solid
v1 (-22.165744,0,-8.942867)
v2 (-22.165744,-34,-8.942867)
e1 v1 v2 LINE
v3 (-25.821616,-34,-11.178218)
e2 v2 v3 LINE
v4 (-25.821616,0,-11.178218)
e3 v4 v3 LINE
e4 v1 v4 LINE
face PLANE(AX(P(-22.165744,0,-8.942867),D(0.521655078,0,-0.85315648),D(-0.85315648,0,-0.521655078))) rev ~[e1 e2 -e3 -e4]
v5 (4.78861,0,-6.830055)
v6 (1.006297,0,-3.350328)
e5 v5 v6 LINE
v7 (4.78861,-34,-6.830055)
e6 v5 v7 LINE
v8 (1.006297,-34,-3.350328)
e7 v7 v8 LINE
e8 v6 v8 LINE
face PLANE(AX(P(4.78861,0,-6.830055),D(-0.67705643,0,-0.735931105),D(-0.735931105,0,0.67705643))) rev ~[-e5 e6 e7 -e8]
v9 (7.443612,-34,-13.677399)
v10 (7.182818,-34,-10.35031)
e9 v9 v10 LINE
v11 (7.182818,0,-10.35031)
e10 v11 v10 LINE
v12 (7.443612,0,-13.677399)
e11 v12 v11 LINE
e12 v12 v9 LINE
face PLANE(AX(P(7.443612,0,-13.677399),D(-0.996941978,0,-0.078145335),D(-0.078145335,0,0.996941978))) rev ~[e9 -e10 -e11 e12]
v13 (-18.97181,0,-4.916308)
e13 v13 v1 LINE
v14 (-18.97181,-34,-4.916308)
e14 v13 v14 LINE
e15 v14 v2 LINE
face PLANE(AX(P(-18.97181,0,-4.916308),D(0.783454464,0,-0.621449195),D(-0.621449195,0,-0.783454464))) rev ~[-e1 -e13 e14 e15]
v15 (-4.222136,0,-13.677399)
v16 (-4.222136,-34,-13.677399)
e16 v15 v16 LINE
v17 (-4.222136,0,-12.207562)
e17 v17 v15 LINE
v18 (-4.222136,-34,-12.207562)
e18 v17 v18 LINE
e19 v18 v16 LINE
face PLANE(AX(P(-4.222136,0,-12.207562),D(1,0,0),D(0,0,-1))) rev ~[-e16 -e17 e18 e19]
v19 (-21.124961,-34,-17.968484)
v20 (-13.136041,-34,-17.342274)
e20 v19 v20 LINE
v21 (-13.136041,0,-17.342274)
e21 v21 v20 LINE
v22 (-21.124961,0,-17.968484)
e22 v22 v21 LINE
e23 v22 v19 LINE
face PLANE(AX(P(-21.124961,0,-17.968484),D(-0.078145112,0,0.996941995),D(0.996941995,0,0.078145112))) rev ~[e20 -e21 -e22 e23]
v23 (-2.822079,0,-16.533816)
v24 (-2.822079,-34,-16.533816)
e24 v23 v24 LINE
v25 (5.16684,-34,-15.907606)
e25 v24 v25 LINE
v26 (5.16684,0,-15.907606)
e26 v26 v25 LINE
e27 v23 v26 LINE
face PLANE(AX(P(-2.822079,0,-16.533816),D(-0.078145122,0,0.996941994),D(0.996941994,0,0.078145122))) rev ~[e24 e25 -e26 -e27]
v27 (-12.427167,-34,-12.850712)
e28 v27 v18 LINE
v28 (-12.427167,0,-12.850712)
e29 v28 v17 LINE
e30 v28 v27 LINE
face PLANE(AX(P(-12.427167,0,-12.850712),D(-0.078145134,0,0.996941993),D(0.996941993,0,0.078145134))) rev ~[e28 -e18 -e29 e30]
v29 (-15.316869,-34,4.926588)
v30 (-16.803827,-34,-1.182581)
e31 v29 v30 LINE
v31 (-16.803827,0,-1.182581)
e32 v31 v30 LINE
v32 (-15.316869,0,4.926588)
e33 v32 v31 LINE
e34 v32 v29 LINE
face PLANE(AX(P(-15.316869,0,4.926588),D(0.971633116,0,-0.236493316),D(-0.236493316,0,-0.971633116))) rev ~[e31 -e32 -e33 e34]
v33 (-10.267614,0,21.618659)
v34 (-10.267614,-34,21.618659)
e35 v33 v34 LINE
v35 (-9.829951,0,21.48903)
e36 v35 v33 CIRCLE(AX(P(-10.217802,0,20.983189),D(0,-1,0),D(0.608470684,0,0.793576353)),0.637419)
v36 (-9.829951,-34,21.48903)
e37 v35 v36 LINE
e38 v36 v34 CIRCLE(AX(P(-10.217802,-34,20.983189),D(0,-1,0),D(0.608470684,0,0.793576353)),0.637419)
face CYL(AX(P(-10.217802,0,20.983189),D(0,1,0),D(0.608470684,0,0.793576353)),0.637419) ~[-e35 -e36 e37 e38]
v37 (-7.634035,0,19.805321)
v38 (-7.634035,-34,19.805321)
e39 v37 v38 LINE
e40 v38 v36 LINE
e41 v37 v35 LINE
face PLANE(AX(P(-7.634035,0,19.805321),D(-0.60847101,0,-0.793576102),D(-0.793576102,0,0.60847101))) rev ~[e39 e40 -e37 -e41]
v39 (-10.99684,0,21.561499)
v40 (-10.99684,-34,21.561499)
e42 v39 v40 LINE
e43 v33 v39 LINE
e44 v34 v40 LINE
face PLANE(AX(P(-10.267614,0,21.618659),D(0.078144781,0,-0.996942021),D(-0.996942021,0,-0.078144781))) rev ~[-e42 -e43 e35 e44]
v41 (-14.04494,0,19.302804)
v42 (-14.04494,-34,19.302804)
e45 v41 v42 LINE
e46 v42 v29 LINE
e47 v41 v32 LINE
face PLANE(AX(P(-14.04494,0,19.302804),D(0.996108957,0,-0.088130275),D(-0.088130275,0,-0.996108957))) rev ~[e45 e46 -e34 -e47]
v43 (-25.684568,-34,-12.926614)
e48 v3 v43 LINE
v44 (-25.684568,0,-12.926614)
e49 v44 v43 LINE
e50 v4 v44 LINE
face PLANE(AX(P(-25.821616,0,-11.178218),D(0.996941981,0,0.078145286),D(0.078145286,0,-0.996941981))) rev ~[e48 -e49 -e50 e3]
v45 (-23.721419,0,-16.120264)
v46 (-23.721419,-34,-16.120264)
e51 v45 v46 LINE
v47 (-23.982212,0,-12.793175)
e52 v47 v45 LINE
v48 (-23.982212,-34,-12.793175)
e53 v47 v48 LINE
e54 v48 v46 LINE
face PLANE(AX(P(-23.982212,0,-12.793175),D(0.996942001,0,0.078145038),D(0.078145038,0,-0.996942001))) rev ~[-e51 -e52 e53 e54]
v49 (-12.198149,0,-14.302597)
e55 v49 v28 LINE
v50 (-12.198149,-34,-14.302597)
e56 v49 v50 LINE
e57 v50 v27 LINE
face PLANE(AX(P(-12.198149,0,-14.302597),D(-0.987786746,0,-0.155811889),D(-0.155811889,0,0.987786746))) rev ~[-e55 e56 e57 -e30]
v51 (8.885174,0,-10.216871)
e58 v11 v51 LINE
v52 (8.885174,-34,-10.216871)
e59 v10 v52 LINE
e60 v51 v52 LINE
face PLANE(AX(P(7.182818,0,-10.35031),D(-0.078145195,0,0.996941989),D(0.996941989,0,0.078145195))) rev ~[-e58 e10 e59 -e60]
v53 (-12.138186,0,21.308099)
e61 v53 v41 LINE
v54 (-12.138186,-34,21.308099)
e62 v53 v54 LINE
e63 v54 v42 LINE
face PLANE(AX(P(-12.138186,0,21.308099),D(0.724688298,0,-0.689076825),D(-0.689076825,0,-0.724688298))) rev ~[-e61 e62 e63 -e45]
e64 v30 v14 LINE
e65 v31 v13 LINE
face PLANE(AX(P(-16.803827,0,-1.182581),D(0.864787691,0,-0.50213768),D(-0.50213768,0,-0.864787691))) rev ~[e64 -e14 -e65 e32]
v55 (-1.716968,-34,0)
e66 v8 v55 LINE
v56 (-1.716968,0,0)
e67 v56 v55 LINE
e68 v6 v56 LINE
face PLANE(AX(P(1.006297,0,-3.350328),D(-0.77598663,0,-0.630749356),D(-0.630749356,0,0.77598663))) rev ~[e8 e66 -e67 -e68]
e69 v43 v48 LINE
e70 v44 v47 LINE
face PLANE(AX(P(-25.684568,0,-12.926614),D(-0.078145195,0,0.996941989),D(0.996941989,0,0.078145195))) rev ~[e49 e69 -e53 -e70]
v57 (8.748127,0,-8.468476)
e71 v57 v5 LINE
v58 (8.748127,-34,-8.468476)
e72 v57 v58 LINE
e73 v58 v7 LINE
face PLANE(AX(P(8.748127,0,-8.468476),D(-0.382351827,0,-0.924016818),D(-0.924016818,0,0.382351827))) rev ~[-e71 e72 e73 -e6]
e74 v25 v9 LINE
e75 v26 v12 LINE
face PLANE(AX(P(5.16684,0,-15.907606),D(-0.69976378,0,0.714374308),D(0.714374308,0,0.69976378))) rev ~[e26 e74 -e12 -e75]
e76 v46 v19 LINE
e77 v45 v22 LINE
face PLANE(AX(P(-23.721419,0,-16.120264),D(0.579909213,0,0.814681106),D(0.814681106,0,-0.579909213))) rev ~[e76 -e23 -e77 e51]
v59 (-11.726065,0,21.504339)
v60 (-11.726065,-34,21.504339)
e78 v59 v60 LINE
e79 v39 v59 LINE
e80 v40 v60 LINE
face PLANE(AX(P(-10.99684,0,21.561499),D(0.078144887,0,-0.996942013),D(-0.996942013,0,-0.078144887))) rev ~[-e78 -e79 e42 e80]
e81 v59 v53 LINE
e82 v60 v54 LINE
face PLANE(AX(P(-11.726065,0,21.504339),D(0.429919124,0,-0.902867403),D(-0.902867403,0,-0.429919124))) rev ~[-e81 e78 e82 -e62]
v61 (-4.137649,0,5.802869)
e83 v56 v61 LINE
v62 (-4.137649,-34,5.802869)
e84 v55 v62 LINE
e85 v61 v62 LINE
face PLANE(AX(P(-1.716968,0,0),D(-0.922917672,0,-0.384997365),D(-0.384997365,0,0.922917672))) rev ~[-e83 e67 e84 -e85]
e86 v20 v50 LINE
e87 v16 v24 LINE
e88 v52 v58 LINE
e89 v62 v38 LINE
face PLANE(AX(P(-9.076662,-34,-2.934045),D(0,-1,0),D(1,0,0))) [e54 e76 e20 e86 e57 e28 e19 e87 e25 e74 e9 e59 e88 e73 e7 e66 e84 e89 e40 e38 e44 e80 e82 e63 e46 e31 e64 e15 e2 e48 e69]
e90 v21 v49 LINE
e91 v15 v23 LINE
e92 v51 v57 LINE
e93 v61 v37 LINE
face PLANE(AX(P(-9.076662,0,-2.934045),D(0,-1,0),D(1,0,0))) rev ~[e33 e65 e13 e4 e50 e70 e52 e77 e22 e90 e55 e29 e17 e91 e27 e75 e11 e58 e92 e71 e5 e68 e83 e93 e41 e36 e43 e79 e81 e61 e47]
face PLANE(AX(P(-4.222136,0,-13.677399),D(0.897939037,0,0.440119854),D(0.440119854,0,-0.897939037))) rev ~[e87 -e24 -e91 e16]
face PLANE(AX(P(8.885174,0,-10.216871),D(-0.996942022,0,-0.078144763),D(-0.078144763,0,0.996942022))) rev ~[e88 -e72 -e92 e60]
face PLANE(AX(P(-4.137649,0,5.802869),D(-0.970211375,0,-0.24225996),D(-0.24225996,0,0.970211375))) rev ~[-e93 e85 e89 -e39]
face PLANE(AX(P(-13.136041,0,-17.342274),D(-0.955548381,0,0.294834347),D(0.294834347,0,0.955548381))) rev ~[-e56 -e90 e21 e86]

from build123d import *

# Parameters (mm, degrees)
F1_DEPTH = 34


with BuildPart() as f1:
    # F0 (on Front) → F1 (new body)
    with BuildSketch(Plane.XZ):
        with BuildLine():
            Line((-12.198149, -14.302597), (-12.427167, -12.850712))
            Line((-12.427167, -12.850712), (-4.222136, -12.207562))
            Line((-4.222136, -12.207562), (-4.222136, -13.677399))
            Line((-4.222136, -13.677399), (-2.822079, -16.533816))
            Line((-2.822079, -16.533816), (5.16684, -15.907606))
            Line((5.16684, -15.907606), (7.443612, -13.677399))
            Line((7.443612, -13.677399), (7.182818, -10.35031))
            Line((7.182818, -10.35031), (8.885174, -10.216871))
            Line((8.885174, -10.216871), (8.748127, -8.468476))
            Line((8.748127, -8.468476), (4.78861, -6.830055))
            Line((4.78861, -6.830055), (1.006297, -3.350328))
            Line((1.006297, -3.350328), (-1.716968, 0))
            Line((-1.716968, 0), (-4.137649, 5.802869))
            Line((-4.137649, 5.802869), (-7.634035, 19.805321))
            Line((-7.634035, 19.805321), (-9.829951, 21.48903))
            ThreePointArc((-9.829951, 21.48903), (-10.036781, 21.594364), (-10.267614, 21.618659))
            Line((-10.267614, 21.618659), (-10.99684, 21.561499))
            Line((-10.99684, 21.561499), (-11.726065, 21.504339))
            Line((-11.726065, 21.504339), (-12.138186, 21.308099))
            Line((-12.138186, 21.308099), (-14.04494, 19.302804))
            Line((-14.04494, 19.302804), (-15.316869, 4.926588))
            Line((-15.316869, 4.926588), (-16.803827, -1.182581))
            Line((-16.803827, -1.182581), (-18.97181, -4.916308))
            Line((-18.97181, -4.916308), (-22.165744, -8.942867))
            Line((-22.165744, -8.942867), (-25.821616, -11.178218))
            Line((-25.821616, -11.178218), (-25.684568, -12.926614))
            Line((-25.684568, -12.926614), (-23.982212, -12.793175))
            Line((-23.982212, -12.793175), (-23.721419, -16.120264))
            Line((-23.721419, -16.120264), (-21.124961, -17.968484))
            Line((-21.124961, -17.968484), (-13.136041, -17.342274))
            Line((-13.136041, -17.342274), (-12.198149, -14.302597))
        make_face()
    extrude(amount=F1_DEPTH)


solid = f1.part
